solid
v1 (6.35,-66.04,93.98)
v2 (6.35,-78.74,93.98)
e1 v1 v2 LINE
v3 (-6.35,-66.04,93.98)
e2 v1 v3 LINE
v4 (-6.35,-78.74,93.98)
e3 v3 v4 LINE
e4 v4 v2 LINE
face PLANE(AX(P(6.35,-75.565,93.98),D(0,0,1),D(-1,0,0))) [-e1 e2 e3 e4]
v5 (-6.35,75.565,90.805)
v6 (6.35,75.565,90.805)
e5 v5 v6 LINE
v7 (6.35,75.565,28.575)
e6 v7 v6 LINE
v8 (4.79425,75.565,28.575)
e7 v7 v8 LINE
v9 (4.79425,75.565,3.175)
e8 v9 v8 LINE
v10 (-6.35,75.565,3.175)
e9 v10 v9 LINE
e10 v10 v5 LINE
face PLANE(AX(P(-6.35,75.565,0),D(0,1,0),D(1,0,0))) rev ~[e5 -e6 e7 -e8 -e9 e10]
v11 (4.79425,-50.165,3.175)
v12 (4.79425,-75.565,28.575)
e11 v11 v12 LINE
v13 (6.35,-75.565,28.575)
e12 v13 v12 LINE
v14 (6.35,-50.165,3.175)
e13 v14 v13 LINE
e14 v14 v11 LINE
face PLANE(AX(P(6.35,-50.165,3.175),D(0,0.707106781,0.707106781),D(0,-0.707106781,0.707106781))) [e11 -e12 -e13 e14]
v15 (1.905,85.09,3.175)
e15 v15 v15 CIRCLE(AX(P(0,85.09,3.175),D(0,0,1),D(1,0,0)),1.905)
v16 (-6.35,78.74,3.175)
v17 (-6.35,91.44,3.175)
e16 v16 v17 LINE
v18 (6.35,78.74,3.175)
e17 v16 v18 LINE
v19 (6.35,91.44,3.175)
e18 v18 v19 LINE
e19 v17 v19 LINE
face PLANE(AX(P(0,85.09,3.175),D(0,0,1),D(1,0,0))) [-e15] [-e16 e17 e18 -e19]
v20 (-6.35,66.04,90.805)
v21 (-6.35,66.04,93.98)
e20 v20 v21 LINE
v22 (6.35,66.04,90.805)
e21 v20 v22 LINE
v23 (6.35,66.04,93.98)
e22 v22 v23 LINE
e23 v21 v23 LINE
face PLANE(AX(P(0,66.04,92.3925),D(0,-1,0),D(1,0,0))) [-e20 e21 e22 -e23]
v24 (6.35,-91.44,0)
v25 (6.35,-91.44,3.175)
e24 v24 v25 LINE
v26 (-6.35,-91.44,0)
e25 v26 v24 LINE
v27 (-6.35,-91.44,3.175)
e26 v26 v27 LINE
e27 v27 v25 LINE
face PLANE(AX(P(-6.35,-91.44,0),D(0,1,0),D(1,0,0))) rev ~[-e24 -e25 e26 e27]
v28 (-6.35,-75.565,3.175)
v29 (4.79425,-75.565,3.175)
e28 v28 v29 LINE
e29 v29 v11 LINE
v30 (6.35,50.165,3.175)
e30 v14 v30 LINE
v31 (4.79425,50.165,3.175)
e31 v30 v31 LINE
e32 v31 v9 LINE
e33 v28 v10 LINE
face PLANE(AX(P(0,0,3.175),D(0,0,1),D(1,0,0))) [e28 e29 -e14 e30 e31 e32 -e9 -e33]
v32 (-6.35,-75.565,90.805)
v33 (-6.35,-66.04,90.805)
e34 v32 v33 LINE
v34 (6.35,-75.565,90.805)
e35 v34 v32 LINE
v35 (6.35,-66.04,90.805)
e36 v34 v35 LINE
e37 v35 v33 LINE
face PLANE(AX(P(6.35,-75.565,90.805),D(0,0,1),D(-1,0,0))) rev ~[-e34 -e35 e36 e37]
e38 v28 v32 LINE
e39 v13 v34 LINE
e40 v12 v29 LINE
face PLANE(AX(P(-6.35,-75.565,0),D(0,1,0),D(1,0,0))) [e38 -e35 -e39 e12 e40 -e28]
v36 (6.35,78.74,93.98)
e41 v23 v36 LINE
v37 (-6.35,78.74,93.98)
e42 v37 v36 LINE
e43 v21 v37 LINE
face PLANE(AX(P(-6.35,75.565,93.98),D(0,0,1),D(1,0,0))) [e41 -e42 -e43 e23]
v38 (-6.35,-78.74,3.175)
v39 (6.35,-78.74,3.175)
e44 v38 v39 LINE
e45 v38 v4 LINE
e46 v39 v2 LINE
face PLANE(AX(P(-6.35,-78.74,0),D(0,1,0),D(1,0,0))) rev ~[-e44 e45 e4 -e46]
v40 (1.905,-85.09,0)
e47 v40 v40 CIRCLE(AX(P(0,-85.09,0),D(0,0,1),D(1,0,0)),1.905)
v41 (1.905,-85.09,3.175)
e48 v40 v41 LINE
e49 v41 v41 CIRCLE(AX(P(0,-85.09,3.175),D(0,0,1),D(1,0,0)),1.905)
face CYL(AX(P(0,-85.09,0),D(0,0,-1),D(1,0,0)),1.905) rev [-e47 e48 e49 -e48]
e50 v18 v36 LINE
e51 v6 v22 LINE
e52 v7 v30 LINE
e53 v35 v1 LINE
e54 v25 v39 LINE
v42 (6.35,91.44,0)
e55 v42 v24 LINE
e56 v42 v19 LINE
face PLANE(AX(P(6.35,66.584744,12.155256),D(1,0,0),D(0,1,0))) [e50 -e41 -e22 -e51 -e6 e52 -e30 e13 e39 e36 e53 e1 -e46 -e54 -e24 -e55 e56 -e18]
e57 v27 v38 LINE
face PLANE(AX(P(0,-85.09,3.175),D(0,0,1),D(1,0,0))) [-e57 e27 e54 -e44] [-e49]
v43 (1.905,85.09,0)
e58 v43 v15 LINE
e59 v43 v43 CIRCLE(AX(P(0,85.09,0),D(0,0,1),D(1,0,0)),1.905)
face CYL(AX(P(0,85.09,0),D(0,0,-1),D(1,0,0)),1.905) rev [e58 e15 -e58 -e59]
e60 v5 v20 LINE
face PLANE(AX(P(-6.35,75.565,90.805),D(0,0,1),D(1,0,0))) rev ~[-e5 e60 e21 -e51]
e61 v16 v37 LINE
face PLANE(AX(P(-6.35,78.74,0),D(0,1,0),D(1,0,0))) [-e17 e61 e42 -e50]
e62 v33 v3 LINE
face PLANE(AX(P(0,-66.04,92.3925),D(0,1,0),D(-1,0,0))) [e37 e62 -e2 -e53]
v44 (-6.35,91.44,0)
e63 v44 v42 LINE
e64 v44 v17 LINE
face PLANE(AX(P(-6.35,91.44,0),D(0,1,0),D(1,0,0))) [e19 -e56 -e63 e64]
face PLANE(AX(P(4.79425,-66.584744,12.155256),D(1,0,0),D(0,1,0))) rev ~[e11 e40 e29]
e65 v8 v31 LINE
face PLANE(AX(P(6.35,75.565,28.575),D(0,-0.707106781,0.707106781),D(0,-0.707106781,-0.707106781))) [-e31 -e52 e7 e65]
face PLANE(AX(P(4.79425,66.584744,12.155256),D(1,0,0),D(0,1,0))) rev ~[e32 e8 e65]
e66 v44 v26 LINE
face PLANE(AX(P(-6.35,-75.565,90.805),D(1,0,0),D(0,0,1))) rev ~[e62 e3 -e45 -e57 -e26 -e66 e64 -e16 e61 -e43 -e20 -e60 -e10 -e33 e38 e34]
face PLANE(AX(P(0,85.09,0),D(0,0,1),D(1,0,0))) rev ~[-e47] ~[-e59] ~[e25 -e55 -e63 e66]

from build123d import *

# Parameters (mm, degrees)
F0_W     = 12.7
F0_H     = 151.13
F1_DEPTH = 3.175
F0_H_2   = 3.175
F2_DEPTH = 93.98
F0_H_3   = 12.7
F0_R     = 1.905
F3_DEPTH = 3.175
F4_W     = 12.7
F4_H     = 3.175
F5_DEPTH = 9.525
F6_W     = 12.7
F6_H     = 3.175
F7_DEPTH = 9.525
F9_DEPTH = 1.55575


with BuildPart() as f1:
    # F0 (on Top) → F1 (new body)
    with BuildSketch(Plane.XY):
        Rectangle(F0_W, F0_H)
    extrude(amount=F1_DEPTH)

    # F0 (on Top) → F2 (join)
    with BuildSketch(Plane.XY):
        with Locations((0, 77.1525)):
            Rectangle(F0_W, F0_H_2)
        with Locations((0, -77.1525)):
            Rectangle(F0_W, F0_H_2)
    extrude(amount=F2_DEPTH)

    # F0 (on Top) → F3 (join)
    with BuildSketch(Plane.XY):
        with Locations((0, 85.09)):
            Rectangle(F0_W, F0_H_3)
        with Locations((0, 85.09)):
            Circle(F0_R, mode=Mode.SUBTRACT)
        with Locations((0, -85.09)):
            Rectangle(F0_W, F0_H_3)
        with Locations((0, -85.09)):
            Circle(F0_R, mode=Mode.SUBTRACT)
    extrude(amount=F3_DEPTH)

    # F4 (on face) → F5 (join)
    with BuildSketch(Plane.XZ.offset(-75.565)):
        with Locations((0, 92.3925)):
            Rectangle(F4_W, F4_H)
    extrude(amount=F5_DEPTH)

    # F6 (on face) → F7 (join)
    with BuildSketch(Plane(origin=(0, -75.565, 0), x_dir=(-1, 0, 0), z_dir=(0, 1, 0))):
        with Locations((0, 92.3925)):
            Rectangle(F6_W, F6_H)
    extrude(amount=F7_DEPTH)

    # F8 (on face) → F9 (join)
    with BuildSketch(Plane.YZ.offset(6.35)):
        Polygon((75.565, 28.575), (50.165, 3.175), (75.565, 3.175), align=None)
        Polygon((-75.565, 3.175), (-50.165, 3.175), (-75.565, 28.575), align=None)
    extrude(amount=-F9_DEPTH)


solid = f1.part
